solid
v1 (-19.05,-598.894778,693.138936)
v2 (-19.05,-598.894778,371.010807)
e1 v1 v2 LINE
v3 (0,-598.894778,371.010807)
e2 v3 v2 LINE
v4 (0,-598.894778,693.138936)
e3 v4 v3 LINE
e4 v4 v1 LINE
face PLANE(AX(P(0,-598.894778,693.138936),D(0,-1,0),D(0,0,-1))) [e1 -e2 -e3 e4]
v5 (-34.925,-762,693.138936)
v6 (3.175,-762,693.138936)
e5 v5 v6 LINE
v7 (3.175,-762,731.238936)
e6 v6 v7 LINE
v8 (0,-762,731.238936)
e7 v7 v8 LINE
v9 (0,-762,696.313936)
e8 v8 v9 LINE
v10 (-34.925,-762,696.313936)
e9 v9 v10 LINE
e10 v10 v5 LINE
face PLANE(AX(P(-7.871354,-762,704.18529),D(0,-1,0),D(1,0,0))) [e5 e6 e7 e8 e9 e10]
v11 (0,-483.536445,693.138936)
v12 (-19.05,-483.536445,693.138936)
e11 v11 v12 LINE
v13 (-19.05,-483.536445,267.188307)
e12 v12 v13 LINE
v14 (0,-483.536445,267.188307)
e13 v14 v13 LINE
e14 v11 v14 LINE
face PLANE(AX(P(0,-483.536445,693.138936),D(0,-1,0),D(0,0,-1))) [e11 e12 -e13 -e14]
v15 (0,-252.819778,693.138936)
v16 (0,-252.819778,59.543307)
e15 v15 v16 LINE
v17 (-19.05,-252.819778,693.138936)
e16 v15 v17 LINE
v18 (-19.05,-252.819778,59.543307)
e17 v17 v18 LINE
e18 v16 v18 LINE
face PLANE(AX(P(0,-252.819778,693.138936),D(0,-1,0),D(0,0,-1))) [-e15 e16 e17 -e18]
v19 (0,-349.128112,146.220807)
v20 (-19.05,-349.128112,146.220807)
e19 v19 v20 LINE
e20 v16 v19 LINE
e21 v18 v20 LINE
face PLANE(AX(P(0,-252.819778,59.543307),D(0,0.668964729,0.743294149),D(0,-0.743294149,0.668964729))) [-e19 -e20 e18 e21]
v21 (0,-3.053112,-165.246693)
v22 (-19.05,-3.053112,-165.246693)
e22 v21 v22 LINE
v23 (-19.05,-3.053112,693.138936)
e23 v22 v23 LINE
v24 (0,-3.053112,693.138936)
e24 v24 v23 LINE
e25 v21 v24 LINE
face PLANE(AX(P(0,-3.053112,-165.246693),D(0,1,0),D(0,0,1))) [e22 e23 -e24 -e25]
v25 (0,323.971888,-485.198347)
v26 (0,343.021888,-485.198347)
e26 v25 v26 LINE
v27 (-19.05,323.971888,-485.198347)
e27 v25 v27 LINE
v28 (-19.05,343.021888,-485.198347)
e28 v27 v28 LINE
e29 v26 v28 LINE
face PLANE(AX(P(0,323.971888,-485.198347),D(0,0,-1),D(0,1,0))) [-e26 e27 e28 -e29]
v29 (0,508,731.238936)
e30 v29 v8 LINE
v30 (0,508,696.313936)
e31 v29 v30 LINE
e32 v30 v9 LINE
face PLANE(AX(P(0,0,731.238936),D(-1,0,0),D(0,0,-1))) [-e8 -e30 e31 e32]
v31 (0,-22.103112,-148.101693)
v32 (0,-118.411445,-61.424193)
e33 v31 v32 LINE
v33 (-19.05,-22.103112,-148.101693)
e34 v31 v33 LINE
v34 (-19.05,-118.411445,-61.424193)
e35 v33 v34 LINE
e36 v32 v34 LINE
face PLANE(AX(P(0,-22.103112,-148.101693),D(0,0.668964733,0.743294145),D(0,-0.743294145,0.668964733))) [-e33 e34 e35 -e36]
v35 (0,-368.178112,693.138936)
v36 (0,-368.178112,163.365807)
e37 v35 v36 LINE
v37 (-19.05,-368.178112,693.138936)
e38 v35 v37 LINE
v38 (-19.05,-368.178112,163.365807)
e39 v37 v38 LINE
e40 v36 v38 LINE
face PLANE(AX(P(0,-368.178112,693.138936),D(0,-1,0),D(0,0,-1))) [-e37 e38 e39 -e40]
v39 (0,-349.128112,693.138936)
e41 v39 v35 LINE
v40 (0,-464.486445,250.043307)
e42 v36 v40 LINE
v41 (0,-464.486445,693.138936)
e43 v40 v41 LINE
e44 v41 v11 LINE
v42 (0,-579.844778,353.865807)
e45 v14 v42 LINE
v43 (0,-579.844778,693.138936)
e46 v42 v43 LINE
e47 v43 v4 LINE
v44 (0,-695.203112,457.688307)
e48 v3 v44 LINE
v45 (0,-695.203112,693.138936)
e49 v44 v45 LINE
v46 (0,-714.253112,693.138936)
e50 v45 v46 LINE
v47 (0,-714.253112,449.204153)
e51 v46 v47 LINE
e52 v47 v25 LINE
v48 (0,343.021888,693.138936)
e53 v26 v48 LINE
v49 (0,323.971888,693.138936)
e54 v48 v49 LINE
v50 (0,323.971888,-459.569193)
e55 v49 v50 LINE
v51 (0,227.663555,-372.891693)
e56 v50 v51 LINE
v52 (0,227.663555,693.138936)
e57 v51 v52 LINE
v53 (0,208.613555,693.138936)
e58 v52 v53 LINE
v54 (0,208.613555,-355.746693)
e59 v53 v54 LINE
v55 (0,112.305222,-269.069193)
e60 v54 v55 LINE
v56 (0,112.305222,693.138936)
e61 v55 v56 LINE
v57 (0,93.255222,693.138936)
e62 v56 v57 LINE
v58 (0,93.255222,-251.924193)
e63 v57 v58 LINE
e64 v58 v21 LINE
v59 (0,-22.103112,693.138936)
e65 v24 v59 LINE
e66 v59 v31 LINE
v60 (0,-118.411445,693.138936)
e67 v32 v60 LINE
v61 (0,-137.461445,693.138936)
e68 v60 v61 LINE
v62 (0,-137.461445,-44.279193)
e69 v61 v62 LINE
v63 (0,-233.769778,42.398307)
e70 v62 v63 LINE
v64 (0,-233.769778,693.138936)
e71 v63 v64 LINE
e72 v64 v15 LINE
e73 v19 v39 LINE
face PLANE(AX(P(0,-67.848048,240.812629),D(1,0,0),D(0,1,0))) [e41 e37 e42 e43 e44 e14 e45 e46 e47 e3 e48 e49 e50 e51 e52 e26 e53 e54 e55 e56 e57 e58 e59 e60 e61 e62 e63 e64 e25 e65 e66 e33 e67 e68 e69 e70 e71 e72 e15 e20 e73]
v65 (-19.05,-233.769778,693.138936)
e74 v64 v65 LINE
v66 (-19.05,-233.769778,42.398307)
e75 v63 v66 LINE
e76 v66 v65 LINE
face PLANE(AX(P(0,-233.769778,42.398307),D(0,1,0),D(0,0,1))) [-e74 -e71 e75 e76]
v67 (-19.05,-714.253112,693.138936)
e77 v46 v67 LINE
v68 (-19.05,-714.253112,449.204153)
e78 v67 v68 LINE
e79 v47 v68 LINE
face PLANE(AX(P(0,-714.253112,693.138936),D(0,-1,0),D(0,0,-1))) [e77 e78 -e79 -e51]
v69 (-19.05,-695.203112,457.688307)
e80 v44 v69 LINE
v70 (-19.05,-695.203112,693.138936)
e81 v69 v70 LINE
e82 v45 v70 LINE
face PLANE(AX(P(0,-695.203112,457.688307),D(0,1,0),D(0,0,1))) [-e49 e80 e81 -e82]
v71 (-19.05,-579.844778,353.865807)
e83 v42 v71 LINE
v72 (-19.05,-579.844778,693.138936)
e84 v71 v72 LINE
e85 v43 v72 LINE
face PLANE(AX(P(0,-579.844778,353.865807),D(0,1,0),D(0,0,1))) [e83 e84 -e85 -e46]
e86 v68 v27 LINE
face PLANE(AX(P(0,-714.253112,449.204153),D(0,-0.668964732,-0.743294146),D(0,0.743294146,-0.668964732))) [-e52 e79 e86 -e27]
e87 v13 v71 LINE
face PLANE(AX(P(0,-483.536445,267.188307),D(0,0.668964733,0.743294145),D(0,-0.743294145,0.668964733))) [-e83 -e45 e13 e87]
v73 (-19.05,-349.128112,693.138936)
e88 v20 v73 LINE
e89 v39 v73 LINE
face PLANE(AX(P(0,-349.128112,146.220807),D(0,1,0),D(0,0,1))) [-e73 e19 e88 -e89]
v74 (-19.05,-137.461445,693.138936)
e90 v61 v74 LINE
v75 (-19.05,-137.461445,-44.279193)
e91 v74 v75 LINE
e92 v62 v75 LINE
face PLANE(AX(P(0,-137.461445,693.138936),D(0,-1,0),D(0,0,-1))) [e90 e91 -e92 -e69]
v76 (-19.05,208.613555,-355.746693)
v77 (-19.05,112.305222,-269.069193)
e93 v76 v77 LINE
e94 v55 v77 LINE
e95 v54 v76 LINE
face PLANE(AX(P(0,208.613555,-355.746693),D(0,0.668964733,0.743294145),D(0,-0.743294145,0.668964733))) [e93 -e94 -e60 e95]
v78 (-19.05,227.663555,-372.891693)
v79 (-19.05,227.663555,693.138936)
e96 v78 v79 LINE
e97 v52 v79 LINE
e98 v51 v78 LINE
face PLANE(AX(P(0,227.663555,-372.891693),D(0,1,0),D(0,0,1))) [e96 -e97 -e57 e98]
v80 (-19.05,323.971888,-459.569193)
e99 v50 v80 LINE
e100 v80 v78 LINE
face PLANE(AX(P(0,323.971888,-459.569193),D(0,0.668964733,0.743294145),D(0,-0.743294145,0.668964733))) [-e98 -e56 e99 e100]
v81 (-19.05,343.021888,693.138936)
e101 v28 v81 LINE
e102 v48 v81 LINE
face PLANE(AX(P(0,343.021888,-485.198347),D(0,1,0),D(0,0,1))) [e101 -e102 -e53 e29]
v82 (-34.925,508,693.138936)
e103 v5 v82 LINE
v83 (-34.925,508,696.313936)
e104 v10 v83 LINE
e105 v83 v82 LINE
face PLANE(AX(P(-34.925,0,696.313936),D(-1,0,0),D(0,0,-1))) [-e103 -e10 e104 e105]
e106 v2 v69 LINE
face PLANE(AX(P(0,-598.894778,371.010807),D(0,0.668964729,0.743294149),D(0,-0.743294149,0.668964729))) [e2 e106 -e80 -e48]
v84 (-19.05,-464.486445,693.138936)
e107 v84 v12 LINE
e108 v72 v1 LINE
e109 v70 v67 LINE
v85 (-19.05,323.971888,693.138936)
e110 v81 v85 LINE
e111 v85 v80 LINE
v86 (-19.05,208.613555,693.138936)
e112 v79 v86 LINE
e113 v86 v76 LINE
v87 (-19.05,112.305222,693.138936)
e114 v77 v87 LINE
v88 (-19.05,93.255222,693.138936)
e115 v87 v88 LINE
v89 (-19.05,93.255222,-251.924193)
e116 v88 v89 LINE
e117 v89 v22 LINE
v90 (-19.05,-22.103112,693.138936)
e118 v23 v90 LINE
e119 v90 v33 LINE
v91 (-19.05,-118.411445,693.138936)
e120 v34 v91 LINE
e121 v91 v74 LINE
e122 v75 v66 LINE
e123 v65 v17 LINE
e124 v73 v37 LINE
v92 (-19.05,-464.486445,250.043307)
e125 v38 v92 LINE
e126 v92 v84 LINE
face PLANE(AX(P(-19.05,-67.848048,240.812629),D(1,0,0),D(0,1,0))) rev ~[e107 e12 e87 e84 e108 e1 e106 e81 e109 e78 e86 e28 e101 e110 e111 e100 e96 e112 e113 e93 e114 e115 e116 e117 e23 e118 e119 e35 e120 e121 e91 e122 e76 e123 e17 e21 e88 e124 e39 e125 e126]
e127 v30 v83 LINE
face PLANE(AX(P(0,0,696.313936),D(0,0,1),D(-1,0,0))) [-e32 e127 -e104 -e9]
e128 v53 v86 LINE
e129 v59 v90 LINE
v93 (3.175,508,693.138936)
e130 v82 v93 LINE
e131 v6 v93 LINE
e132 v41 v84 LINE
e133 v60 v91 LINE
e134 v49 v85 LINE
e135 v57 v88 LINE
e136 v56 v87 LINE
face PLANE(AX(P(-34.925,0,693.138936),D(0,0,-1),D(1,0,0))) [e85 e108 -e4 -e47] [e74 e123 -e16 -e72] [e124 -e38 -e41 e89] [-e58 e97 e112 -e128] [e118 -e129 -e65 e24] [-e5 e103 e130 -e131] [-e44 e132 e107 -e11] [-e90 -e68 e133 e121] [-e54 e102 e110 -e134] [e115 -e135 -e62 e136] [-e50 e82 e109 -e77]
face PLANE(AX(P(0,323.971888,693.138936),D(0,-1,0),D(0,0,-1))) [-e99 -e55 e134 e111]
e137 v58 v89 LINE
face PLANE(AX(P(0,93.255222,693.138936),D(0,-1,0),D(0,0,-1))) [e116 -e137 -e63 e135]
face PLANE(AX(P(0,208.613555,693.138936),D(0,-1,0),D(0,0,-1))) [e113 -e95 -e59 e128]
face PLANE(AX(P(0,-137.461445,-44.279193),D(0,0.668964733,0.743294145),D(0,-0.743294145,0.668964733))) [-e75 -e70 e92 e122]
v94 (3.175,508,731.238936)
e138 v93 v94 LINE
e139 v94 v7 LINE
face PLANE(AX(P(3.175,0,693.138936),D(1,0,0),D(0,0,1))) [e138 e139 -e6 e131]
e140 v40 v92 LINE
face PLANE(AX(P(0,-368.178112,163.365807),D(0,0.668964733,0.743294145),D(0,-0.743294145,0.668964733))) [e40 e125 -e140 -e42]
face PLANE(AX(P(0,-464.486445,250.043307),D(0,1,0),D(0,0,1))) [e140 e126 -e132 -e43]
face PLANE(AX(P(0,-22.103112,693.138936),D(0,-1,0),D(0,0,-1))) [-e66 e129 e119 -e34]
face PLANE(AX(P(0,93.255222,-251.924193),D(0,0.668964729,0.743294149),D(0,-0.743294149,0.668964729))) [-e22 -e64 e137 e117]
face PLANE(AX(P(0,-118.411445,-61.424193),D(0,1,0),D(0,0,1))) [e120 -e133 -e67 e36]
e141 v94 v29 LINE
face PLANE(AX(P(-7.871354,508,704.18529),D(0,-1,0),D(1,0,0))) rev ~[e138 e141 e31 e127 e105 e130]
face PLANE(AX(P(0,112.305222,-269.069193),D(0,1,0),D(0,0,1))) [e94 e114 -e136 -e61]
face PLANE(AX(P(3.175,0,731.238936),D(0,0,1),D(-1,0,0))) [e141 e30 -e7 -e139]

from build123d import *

# Parameters (mm, degrees)
F1_DEPTH      = 762
F1_DEPTH_BACK = 508
F4_DEPTH      = 19.05


with BuildPart() as f1:
    # F0 (on Front) → F1 (new body, two sides)
    with BuildSketch(Plane.XZ) as f1_sk:
        Polygon((3.175, 693.138936), (3.175, 731.238936), (0, 731.238936), (0, 696.313936), (-34.925, 696.313936), (-34.925, 693.138936), align=None)
    extrude(amount=F1_DEPTH)
    extrude(f1_sk.sketch, amount=-F1_DEPTH_BACK)

    # F3 (on Right) → F4 (join)
    with BuildSketch(Plane.YZ):
        Polygon((-695.203112, 693.138936), (-714.253112, 693.138936), (-714.253112, 449.204153), (323.971888, -485.198347), (343.021888, -485.198347), (343.021888, 693.138936), (323.971888, 693.138936), (323.971888, -459.569193), (227.663555, -372.891693), (227.663555, 693.138936), (208.613555, 693.138936), (208.613555, -355.746693), (112.305222, -269.069193), (112.305222, 693.138936), (93.255222, 693.138936), (93.255222, -251.924193), (-3.053112, -165.246693), (-3.053112, 693.138936), (-22.103112, 693.138936), (-22.103112, -148.101693), (-118.411445, -61.424193), (-118.411445, 693.138936), (-137.461445, 693.138936), (-137.461445, -44.279193), (-233.769778, 42.398307), (-233.769778, 693.138936), (-252.819778, 693.138936), (-252.819778, 59.543307), (-349.128112, 146.220807), (-349.128112, 693.138936), (-368.178112, 693.138936), (-368.178112, 163.365807), (-464.486445, 250.043307), (-464.486445, 693.138936), (-483.536445, 693.138936), (-483.536445, 267.188307), (-579.844778, 353.865807), (-579.844778, 693.138936), (-598.894778, 693.138936), (-598.894778, 371.010807), (-695.203112, 457.688307), align=None)
    extrude(amount=-F4_DEPTH)


solid = f1.part
